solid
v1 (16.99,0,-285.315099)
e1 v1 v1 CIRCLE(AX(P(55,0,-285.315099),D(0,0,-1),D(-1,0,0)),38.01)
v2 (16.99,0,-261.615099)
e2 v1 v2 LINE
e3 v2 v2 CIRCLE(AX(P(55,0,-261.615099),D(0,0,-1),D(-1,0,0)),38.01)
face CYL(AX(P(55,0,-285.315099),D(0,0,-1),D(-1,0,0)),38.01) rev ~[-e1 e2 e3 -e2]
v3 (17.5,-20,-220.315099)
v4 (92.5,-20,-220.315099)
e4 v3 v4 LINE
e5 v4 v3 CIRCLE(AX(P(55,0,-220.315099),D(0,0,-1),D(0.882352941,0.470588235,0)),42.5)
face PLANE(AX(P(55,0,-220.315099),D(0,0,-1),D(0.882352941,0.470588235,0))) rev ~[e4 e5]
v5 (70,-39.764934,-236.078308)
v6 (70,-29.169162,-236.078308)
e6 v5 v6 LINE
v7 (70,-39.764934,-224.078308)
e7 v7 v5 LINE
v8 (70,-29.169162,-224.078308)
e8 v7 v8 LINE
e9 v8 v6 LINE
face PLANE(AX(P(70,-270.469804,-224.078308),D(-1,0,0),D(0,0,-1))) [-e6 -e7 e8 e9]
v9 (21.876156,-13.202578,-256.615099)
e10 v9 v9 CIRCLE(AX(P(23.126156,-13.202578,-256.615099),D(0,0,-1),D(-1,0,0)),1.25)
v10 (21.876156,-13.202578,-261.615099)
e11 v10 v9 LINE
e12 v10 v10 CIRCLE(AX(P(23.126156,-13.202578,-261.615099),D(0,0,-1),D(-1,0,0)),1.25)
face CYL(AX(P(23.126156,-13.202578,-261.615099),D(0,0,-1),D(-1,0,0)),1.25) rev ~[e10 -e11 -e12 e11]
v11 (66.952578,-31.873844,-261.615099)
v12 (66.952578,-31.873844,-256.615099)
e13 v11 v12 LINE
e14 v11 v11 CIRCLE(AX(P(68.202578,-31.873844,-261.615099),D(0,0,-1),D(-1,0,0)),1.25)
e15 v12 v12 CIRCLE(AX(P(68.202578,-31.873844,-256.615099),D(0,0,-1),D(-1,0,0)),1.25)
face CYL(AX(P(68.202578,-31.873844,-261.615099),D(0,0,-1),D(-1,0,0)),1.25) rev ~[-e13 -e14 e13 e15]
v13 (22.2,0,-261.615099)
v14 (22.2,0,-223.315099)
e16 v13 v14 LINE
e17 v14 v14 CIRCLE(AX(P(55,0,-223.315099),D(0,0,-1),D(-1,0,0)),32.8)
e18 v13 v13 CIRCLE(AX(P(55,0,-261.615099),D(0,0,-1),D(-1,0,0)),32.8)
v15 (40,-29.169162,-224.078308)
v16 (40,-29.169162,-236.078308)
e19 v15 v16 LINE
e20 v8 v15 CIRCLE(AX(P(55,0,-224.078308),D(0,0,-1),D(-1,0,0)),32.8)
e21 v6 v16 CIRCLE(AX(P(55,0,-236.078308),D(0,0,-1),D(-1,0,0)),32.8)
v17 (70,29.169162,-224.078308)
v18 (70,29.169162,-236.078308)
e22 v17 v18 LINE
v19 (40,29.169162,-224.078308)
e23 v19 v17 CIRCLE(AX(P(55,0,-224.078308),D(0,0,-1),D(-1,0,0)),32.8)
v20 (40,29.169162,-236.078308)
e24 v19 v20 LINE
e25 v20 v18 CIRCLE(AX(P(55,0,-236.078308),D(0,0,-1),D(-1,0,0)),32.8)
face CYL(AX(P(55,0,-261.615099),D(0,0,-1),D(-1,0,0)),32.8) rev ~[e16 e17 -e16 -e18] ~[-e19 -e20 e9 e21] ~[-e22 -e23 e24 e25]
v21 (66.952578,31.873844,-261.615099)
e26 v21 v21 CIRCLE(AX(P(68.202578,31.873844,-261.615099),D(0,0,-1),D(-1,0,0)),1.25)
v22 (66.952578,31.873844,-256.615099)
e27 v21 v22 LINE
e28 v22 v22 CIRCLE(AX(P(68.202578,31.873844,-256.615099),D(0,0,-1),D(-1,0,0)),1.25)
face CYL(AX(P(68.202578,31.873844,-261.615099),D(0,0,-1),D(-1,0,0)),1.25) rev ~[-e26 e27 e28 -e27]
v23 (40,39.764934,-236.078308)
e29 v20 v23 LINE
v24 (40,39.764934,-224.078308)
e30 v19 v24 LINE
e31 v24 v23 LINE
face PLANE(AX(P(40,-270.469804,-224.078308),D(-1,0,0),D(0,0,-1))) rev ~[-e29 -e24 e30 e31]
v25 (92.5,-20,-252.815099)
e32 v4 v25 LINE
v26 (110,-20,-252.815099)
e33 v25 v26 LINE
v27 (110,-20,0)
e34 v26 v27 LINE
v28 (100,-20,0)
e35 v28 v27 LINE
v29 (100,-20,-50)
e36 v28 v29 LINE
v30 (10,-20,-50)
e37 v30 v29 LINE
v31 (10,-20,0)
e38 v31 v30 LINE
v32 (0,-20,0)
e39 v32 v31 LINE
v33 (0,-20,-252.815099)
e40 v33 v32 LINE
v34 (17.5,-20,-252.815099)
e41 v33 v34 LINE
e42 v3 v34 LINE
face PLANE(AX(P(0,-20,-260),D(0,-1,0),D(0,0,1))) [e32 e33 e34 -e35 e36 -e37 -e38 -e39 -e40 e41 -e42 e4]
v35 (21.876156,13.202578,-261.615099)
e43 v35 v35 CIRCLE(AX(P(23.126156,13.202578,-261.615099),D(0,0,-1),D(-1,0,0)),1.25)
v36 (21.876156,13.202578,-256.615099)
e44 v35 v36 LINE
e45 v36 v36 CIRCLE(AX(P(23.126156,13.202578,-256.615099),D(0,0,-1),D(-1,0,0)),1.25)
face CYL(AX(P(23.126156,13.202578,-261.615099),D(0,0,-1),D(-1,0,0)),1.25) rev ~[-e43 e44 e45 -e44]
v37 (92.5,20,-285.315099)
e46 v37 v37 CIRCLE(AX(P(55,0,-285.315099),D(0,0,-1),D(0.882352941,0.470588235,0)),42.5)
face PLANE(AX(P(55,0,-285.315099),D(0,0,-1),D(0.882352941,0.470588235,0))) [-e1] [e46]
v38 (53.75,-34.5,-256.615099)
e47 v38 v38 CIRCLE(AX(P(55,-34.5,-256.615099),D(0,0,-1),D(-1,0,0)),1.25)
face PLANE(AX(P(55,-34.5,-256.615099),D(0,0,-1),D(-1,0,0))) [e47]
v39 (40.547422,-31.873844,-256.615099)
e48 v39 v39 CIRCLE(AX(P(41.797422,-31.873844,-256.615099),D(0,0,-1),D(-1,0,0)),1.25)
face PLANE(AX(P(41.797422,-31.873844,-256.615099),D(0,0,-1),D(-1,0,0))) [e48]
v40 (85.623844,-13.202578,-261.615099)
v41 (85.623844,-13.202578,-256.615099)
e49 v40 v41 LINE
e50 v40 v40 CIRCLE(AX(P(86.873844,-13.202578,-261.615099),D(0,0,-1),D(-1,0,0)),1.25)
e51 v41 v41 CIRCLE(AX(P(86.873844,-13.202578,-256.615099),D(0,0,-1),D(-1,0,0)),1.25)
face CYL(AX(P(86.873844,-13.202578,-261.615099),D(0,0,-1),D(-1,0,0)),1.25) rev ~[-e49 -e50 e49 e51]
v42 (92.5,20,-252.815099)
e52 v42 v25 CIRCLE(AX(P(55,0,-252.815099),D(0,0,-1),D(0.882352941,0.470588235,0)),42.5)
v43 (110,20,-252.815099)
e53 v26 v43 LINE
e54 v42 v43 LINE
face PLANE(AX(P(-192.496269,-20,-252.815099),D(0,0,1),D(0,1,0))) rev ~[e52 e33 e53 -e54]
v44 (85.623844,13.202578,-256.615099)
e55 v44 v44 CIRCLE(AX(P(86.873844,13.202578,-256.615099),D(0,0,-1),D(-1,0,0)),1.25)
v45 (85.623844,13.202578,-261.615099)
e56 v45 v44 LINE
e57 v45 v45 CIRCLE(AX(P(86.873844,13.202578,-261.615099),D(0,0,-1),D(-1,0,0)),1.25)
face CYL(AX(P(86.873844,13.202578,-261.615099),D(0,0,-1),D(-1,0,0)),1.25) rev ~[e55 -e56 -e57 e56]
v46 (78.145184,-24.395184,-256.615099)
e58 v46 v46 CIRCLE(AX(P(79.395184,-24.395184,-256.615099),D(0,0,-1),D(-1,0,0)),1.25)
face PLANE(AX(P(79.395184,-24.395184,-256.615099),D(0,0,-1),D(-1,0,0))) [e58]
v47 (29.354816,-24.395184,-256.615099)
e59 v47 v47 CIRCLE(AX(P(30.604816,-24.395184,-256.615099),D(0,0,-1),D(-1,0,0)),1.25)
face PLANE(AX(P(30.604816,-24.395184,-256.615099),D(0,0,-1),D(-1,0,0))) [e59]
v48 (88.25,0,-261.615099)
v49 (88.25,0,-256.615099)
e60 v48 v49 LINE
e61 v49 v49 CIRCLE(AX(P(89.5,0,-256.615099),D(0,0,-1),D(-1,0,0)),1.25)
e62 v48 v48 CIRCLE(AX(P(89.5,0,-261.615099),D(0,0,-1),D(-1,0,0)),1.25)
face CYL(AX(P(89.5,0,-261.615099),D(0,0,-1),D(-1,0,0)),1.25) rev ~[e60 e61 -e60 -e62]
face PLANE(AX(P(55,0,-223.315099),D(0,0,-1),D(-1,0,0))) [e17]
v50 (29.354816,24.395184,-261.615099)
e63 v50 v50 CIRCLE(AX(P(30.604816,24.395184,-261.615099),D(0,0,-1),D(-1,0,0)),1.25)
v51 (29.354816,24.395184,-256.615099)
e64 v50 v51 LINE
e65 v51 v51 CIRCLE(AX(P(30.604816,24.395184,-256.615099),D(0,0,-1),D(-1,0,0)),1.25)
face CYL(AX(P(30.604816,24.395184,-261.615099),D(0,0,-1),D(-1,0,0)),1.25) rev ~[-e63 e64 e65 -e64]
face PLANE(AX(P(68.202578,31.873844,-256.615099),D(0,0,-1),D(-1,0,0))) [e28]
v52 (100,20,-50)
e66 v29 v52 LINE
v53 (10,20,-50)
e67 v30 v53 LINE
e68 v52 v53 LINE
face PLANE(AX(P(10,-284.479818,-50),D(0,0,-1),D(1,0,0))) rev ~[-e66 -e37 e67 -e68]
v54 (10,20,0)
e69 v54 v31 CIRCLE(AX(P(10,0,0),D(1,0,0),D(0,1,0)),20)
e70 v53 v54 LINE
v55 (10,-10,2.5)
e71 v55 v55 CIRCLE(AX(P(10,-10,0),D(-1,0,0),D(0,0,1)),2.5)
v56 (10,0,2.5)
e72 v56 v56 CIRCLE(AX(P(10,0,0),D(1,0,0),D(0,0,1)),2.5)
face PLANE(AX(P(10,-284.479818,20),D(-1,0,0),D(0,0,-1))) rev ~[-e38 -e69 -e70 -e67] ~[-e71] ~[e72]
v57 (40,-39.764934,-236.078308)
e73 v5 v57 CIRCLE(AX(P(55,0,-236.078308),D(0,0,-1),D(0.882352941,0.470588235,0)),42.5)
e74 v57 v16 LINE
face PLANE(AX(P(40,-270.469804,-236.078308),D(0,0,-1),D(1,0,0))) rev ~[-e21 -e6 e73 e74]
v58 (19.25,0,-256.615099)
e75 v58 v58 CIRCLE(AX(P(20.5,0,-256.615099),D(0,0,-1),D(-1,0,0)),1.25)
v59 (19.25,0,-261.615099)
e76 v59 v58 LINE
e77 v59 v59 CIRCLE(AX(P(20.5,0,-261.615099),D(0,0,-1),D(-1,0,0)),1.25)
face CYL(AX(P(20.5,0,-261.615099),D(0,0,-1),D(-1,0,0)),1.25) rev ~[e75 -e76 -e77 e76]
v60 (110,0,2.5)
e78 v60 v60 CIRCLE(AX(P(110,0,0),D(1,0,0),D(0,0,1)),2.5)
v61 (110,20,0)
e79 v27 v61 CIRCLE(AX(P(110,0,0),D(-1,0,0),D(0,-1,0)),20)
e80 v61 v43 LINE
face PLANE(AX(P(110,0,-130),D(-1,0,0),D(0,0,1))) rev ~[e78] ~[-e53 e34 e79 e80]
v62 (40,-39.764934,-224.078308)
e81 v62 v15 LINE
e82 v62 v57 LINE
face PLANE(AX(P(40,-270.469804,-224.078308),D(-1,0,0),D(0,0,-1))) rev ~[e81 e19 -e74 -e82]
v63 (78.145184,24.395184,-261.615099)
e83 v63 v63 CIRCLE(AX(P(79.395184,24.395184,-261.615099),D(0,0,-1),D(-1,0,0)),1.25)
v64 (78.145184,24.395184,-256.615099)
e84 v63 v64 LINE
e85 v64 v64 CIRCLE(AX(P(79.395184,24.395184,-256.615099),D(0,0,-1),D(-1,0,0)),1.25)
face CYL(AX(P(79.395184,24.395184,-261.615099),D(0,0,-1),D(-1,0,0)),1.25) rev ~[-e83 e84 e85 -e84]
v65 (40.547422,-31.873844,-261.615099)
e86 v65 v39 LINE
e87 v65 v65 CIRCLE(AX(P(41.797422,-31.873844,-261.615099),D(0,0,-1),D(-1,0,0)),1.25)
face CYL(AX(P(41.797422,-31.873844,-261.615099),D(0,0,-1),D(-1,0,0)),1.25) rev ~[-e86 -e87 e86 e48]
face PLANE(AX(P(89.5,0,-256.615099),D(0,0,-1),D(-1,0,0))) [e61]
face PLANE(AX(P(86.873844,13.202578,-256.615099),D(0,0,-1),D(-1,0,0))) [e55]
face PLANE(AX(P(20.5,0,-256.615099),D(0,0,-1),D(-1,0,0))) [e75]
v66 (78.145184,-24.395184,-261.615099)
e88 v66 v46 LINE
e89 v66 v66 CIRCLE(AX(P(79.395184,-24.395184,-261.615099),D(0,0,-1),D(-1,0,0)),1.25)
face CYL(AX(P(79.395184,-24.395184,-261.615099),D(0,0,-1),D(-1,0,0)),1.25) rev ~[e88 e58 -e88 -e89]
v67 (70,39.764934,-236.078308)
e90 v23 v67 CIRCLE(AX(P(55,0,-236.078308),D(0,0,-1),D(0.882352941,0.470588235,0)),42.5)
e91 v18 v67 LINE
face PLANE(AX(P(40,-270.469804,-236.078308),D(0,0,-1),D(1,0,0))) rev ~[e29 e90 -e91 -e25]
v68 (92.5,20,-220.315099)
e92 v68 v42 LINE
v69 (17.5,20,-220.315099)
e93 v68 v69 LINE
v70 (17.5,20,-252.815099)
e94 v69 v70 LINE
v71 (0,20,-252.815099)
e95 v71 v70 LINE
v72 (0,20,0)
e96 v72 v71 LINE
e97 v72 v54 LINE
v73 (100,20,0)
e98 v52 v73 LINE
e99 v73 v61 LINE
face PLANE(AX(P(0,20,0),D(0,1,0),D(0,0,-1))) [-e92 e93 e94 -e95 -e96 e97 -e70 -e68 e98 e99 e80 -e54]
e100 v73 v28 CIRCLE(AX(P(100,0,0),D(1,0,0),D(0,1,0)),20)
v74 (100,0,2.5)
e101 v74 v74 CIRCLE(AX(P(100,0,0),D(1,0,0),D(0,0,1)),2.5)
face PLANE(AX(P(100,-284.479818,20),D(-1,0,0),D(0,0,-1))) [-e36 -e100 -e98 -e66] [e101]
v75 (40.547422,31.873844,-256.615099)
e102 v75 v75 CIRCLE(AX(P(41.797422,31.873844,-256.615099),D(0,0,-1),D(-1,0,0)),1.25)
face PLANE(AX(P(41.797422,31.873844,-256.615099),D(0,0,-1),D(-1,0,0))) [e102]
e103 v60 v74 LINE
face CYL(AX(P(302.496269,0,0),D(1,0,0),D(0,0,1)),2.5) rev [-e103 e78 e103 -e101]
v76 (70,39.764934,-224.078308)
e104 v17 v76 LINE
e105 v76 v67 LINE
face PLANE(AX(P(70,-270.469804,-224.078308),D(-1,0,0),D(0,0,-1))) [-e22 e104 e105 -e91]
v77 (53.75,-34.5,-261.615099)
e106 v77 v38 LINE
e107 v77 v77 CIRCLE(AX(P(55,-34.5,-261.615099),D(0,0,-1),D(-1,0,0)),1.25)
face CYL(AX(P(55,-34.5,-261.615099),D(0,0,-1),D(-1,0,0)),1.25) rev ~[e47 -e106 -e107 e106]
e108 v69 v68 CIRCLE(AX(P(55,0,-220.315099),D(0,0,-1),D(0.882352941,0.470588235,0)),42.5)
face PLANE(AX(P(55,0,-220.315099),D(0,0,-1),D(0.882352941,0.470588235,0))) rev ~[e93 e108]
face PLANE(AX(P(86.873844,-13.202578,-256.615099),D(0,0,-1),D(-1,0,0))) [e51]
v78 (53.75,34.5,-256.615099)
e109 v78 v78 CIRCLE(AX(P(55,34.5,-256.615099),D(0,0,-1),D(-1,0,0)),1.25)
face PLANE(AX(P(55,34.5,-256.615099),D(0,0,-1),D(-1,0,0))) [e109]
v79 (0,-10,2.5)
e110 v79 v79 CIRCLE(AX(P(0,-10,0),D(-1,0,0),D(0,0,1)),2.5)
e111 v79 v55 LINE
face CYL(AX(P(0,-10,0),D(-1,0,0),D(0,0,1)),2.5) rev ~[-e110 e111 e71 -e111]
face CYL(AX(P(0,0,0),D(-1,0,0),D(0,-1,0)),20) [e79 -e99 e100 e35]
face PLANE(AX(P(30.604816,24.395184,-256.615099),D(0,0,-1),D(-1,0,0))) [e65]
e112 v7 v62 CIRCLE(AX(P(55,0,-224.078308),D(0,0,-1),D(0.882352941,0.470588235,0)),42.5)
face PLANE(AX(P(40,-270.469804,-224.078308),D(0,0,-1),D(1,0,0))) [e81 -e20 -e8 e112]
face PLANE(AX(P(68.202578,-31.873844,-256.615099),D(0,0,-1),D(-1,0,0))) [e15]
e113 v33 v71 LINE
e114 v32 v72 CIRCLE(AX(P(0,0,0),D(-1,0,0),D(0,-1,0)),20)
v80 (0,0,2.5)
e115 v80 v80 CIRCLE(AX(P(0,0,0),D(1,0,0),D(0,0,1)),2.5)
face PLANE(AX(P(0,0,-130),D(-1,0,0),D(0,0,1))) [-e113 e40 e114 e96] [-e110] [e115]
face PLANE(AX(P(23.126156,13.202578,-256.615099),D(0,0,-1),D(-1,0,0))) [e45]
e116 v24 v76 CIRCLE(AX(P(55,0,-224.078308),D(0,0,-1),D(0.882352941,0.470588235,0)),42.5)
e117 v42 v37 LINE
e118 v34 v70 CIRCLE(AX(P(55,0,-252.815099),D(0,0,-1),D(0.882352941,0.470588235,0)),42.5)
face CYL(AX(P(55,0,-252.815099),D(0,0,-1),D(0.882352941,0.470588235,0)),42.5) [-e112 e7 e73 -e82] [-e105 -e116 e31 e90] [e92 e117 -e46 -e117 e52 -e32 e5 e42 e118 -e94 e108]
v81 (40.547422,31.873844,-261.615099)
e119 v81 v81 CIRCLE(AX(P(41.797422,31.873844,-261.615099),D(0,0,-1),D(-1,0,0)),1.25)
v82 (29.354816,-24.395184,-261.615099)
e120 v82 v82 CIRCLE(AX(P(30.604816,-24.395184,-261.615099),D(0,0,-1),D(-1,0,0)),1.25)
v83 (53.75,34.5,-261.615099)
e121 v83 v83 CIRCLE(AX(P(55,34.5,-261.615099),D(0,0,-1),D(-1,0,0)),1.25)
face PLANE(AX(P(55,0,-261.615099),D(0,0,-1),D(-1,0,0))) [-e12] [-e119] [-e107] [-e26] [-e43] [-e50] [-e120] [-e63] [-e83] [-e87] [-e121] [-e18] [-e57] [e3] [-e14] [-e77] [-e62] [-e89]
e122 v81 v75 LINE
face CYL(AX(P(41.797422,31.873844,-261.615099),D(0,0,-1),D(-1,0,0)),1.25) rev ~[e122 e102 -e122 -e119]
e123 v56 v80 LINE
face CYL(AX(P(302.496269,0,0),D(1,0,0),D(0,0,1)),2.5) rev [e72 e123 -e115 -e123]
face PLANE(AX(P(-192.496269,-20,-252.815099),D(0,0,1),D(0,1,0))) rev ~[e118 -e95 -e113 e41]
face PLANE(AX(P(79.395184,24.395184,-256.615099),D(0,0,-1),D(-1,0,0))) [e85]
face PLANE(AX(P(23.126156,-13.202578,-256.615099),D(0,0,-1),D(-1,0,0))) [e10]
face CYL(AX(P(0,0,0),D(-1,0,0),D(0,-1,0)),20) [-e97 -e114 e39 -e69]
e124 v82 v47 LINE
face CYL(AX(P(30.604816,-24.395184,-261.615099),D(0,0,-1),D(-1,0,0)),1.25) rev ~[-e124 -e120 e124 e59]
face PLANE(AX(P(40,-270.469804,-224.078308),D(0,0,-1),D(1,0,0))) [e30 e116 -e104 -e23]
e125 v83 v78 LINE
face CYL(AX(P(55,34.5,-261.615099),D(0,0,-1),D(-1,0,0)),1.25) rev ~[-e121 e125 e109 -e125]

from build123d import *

# Parameters (mm, degrees)
EXTRUDE_1_DEPTH           = 110
CUT_EXTRUDE_2_DEPTH       = 304.47981811
CUT_EXTRUDE_2_DEPTH_BACK  = 304.47981811
SKETCH_2_W                = 90
SKETCH_2_H                = 70
CUT_EXTRUDE_3_DEPTH       = 302.496268634
CUT_EXTRUDE_3_DEPTH_BACK  = 302.496268634
SKETCH_3_R                = 2.5
CUT_EXTRUDE_4_DEPTH       = 302.496268634
CUT_EXTRUDE_4_DEPTH_BACK  = 302.496268634
SKETCH_4_W                = 29.668274831
SKETCH_4_H                = 40
SKETCH_5_R                = 42.5
EXTRUDE_2_DEPTH           = 32.5
SKETCH_6_R                = 38.01
CUT_EXTRUDE_6_DEPTH       = 23.7
SKETCH_7_R                = 32.8
CUT_EXTRUDE_7_DEPTH       = 38.3
SKETCH_9_R                = 1.25
CUT_EXTRUDE_8_DEPTH       = 5
CUT_EXTRUDE_11_DEPTH      = 320.469803837
CUT_EXTRUDE_11_DEPTH_BACK = 320.469803837
SKETCH_10_W               = 30
SKETCH_10_H               = 12
SKETCH_12_R               = 2.5
CUT_EXTRUDE_13_DEPTH      = 10


with BuildPart() as part:
    # 草图1 → 凸台-拉伸1 (new body)
    with BuildSketch(Plane(origin=(0, 0, 0), x_dir=(0, 0, -1), z_dir=(1, 0, 0))):
        with BuildLine():
            Line((0, 20), (260, 20))
            ThreePointArc((260, 20), (280, 0), (260, -20))
            Line((260, -20), (0, -20))
            ThreePointArc((0, -20), (-20, 0), (0, 20))
        make_face()
    extrude(amount=EXTRUDE_1_DEPTH)

    # 草图2 → 切除-拉伸2 (cut, two sides: drawn at the far end of the back side and taken through both)
    with BuildSketch(Plane(origin=(0, 20, 0), x_dir=(1, 0, 0), z_dir=(0, 1, 0)).offset(-CUT_EXTRUDE_2_DEPTH_BACK)):
        with Locations((55, 15)):
            Rectangle(SKETCH_2_W, SKETCH_2_H)
    extrude(amount=CUT_EXTRUDE_2_DEPTH + CUT_EXTRUDE_2_DEPTH_BACK, mode=Mode.SUBTRACT)

    # 草图3 → 切除-拉伸3 (cut, two sides: drawn at the far end of the back side and taken through both)
    with BuildSketch(Plane.ZY.offset(-CUT_EXTRUDE_3_DEPTH_BACK)):
        Circle(SKETCH_3_R)
    extrude(amount=CUT_EXTRUDE_3_DEPTH + CUT_EXTRUDE_3_DEPTH_BACK, mode=Mode.SUBTRACT)

    # 草图4 → 切除-拉伸4 (cut, two sides: drawn at the far end of the back side and taken through both)
    with BuildSketch(Plane(origin=(110, 0, 0), x_dir=(0, 0, -1), z_dir=(1, 0, 0)).offset(-CUT_EXTRUDE_4_DEPTH_BACK)):
        with Locations((267.649236146, 0)):
            Rectangle(SKETCH_4_W, SKETCH_4_H)
    extrude(amount=CUT_EXTRUDE_4_DEPTH + CUT_EXTRUDE_4_DEPTH_BACK, mode=Mode.SUBTRACT)

    # 草图5 → 凸台-拉伸2 (add, symmetric)
    with BuildSketch(Plane(origin=(0, 0, -252.81509873), x_dir=(-1, 0, 0), z_dir=(0, 0, -1))):
        with Locations(Location((-55, 0, 0), (0, 0, 151.927513064))):
            Circle(SKETCH_5_R)
    extrude(amount=EXTRUDE_2_DEPTH, both=True)

    # 草图6 → 切除-拉伸6 (cut)
    with BuildSketch(Plane(origin=(0, 0, -285.31509873), x_dir=(-1, 0, 0), z_dir=(0, 0, -1))):
        with Locations((-55, 0)):
            Circle(SKETCH_6_R)
    extrude(amount=-CUT_EXTRUDE_6_DEPTH, mode=Mode.SUBTRACT)

    # 草图7 → 切除-拉伸7 (cut)
    with BuildSketch(Plane(origin=(0, 0, -261.61509873), x_dir=(-1, 0, 0), z_dir=(0, 0, -1))):
        with Locations((-55, 0)):
            Circle(SKETCH_7_R)
    extrude(amount=-CUT_EXTRUDE_7_DEPTH, mode=Mode.SUBTRACT)

    # 草图9 → 切除-拉伸8 (cut)
    with BuildSketch(Plane(origin=(0, 0, -261.61509873), x_dir=(-1, 0, 0), z_dir=(0, 0, -1))):
        with Locations((-55, 34.5)):
            Circle(SKETCH_9_R)
        with Locations((-41.797421583, 31.873843872)):
            Circle(SKETCH_9_R)
        with Locations((-30.604816049, 24.395183951)):
            Circle(SKETCH_9_R)
        with Locations((-23.126156128, 13.202578417)):
            Circle(SKETCH_9_R)
        with Locations((-20.5, 0)):
            Circle(SKETCH_9_R)
        with Locations((-23.126156128, -13.202578417)):
            Circle(SKETCH_9_R)
        with Locations((-30.604816049, -24.395183951)):
            Circle(SKETCH_9_R)
        with Locations((-41.797421583, -31.873843872)):
            Circle(SKETCH_9_R)
        with Locations((-55, -34.5)):
            Circle(SKETCH_9_R)
        with Locations((-68.202578417, -31.873843872)):
            Circle(SKETCH_9_R)
        with Locations((-79.395183951, -24.395183951)):
            Circle(SKETCH_9_R)
        with Locations((-86.873843872, -13.202578417)):
            Circle(SKETCH_9_R)
        with Locations((-89.5, 0)):
            Circle(SKETCH_9_R)
        with Locations((-86.873843872, 13.202578417)):
            Circle(SKETCH_9_R)
        with Locations((-79.395183951, 24.395183951)):
            Circle(SKETCH_9_R)
        with Locations((-68.202578417, 31.873843872)):
            Circle(SKETCH_9_R)
    extrude(amount=-CUT_EXTRUDE_8_DEPTH, mode=Mode.SUBTRACT)

    # 草图10 → 切除-拉伸11 (cut, two sides: drawn at the far end of the back side and taken through both)
    with BuildSketch(Plane(origin=(0, 50, 0), x_dir=(1, 0, 0), z_dir=(0, 1, 0)).offset(-CUT_EXTRUDE_11_DEPTH_BACK)):
        with Locations((55, 230.078307714)):
            Rectangle(SKETCH_10_W, SKETCH_10_H)
    extrude(amount=CUT_EXTRUDE_11_DEPTH + CUT_EXTRUDE_11_DEPTH_BACK, mode=Mode.SUBTRACT)

    # 草图12 → 切除-拉伸13 (cut)
    with BuildSketch(Plane.ZY):
        with Locations((0, -10)):
            Circle(SKETCH_12_R)
    extrude(amount=-CUT_EXTRUDE_13_DEPTH, mode=Mode.SUBTRACT)


solid = part.part
